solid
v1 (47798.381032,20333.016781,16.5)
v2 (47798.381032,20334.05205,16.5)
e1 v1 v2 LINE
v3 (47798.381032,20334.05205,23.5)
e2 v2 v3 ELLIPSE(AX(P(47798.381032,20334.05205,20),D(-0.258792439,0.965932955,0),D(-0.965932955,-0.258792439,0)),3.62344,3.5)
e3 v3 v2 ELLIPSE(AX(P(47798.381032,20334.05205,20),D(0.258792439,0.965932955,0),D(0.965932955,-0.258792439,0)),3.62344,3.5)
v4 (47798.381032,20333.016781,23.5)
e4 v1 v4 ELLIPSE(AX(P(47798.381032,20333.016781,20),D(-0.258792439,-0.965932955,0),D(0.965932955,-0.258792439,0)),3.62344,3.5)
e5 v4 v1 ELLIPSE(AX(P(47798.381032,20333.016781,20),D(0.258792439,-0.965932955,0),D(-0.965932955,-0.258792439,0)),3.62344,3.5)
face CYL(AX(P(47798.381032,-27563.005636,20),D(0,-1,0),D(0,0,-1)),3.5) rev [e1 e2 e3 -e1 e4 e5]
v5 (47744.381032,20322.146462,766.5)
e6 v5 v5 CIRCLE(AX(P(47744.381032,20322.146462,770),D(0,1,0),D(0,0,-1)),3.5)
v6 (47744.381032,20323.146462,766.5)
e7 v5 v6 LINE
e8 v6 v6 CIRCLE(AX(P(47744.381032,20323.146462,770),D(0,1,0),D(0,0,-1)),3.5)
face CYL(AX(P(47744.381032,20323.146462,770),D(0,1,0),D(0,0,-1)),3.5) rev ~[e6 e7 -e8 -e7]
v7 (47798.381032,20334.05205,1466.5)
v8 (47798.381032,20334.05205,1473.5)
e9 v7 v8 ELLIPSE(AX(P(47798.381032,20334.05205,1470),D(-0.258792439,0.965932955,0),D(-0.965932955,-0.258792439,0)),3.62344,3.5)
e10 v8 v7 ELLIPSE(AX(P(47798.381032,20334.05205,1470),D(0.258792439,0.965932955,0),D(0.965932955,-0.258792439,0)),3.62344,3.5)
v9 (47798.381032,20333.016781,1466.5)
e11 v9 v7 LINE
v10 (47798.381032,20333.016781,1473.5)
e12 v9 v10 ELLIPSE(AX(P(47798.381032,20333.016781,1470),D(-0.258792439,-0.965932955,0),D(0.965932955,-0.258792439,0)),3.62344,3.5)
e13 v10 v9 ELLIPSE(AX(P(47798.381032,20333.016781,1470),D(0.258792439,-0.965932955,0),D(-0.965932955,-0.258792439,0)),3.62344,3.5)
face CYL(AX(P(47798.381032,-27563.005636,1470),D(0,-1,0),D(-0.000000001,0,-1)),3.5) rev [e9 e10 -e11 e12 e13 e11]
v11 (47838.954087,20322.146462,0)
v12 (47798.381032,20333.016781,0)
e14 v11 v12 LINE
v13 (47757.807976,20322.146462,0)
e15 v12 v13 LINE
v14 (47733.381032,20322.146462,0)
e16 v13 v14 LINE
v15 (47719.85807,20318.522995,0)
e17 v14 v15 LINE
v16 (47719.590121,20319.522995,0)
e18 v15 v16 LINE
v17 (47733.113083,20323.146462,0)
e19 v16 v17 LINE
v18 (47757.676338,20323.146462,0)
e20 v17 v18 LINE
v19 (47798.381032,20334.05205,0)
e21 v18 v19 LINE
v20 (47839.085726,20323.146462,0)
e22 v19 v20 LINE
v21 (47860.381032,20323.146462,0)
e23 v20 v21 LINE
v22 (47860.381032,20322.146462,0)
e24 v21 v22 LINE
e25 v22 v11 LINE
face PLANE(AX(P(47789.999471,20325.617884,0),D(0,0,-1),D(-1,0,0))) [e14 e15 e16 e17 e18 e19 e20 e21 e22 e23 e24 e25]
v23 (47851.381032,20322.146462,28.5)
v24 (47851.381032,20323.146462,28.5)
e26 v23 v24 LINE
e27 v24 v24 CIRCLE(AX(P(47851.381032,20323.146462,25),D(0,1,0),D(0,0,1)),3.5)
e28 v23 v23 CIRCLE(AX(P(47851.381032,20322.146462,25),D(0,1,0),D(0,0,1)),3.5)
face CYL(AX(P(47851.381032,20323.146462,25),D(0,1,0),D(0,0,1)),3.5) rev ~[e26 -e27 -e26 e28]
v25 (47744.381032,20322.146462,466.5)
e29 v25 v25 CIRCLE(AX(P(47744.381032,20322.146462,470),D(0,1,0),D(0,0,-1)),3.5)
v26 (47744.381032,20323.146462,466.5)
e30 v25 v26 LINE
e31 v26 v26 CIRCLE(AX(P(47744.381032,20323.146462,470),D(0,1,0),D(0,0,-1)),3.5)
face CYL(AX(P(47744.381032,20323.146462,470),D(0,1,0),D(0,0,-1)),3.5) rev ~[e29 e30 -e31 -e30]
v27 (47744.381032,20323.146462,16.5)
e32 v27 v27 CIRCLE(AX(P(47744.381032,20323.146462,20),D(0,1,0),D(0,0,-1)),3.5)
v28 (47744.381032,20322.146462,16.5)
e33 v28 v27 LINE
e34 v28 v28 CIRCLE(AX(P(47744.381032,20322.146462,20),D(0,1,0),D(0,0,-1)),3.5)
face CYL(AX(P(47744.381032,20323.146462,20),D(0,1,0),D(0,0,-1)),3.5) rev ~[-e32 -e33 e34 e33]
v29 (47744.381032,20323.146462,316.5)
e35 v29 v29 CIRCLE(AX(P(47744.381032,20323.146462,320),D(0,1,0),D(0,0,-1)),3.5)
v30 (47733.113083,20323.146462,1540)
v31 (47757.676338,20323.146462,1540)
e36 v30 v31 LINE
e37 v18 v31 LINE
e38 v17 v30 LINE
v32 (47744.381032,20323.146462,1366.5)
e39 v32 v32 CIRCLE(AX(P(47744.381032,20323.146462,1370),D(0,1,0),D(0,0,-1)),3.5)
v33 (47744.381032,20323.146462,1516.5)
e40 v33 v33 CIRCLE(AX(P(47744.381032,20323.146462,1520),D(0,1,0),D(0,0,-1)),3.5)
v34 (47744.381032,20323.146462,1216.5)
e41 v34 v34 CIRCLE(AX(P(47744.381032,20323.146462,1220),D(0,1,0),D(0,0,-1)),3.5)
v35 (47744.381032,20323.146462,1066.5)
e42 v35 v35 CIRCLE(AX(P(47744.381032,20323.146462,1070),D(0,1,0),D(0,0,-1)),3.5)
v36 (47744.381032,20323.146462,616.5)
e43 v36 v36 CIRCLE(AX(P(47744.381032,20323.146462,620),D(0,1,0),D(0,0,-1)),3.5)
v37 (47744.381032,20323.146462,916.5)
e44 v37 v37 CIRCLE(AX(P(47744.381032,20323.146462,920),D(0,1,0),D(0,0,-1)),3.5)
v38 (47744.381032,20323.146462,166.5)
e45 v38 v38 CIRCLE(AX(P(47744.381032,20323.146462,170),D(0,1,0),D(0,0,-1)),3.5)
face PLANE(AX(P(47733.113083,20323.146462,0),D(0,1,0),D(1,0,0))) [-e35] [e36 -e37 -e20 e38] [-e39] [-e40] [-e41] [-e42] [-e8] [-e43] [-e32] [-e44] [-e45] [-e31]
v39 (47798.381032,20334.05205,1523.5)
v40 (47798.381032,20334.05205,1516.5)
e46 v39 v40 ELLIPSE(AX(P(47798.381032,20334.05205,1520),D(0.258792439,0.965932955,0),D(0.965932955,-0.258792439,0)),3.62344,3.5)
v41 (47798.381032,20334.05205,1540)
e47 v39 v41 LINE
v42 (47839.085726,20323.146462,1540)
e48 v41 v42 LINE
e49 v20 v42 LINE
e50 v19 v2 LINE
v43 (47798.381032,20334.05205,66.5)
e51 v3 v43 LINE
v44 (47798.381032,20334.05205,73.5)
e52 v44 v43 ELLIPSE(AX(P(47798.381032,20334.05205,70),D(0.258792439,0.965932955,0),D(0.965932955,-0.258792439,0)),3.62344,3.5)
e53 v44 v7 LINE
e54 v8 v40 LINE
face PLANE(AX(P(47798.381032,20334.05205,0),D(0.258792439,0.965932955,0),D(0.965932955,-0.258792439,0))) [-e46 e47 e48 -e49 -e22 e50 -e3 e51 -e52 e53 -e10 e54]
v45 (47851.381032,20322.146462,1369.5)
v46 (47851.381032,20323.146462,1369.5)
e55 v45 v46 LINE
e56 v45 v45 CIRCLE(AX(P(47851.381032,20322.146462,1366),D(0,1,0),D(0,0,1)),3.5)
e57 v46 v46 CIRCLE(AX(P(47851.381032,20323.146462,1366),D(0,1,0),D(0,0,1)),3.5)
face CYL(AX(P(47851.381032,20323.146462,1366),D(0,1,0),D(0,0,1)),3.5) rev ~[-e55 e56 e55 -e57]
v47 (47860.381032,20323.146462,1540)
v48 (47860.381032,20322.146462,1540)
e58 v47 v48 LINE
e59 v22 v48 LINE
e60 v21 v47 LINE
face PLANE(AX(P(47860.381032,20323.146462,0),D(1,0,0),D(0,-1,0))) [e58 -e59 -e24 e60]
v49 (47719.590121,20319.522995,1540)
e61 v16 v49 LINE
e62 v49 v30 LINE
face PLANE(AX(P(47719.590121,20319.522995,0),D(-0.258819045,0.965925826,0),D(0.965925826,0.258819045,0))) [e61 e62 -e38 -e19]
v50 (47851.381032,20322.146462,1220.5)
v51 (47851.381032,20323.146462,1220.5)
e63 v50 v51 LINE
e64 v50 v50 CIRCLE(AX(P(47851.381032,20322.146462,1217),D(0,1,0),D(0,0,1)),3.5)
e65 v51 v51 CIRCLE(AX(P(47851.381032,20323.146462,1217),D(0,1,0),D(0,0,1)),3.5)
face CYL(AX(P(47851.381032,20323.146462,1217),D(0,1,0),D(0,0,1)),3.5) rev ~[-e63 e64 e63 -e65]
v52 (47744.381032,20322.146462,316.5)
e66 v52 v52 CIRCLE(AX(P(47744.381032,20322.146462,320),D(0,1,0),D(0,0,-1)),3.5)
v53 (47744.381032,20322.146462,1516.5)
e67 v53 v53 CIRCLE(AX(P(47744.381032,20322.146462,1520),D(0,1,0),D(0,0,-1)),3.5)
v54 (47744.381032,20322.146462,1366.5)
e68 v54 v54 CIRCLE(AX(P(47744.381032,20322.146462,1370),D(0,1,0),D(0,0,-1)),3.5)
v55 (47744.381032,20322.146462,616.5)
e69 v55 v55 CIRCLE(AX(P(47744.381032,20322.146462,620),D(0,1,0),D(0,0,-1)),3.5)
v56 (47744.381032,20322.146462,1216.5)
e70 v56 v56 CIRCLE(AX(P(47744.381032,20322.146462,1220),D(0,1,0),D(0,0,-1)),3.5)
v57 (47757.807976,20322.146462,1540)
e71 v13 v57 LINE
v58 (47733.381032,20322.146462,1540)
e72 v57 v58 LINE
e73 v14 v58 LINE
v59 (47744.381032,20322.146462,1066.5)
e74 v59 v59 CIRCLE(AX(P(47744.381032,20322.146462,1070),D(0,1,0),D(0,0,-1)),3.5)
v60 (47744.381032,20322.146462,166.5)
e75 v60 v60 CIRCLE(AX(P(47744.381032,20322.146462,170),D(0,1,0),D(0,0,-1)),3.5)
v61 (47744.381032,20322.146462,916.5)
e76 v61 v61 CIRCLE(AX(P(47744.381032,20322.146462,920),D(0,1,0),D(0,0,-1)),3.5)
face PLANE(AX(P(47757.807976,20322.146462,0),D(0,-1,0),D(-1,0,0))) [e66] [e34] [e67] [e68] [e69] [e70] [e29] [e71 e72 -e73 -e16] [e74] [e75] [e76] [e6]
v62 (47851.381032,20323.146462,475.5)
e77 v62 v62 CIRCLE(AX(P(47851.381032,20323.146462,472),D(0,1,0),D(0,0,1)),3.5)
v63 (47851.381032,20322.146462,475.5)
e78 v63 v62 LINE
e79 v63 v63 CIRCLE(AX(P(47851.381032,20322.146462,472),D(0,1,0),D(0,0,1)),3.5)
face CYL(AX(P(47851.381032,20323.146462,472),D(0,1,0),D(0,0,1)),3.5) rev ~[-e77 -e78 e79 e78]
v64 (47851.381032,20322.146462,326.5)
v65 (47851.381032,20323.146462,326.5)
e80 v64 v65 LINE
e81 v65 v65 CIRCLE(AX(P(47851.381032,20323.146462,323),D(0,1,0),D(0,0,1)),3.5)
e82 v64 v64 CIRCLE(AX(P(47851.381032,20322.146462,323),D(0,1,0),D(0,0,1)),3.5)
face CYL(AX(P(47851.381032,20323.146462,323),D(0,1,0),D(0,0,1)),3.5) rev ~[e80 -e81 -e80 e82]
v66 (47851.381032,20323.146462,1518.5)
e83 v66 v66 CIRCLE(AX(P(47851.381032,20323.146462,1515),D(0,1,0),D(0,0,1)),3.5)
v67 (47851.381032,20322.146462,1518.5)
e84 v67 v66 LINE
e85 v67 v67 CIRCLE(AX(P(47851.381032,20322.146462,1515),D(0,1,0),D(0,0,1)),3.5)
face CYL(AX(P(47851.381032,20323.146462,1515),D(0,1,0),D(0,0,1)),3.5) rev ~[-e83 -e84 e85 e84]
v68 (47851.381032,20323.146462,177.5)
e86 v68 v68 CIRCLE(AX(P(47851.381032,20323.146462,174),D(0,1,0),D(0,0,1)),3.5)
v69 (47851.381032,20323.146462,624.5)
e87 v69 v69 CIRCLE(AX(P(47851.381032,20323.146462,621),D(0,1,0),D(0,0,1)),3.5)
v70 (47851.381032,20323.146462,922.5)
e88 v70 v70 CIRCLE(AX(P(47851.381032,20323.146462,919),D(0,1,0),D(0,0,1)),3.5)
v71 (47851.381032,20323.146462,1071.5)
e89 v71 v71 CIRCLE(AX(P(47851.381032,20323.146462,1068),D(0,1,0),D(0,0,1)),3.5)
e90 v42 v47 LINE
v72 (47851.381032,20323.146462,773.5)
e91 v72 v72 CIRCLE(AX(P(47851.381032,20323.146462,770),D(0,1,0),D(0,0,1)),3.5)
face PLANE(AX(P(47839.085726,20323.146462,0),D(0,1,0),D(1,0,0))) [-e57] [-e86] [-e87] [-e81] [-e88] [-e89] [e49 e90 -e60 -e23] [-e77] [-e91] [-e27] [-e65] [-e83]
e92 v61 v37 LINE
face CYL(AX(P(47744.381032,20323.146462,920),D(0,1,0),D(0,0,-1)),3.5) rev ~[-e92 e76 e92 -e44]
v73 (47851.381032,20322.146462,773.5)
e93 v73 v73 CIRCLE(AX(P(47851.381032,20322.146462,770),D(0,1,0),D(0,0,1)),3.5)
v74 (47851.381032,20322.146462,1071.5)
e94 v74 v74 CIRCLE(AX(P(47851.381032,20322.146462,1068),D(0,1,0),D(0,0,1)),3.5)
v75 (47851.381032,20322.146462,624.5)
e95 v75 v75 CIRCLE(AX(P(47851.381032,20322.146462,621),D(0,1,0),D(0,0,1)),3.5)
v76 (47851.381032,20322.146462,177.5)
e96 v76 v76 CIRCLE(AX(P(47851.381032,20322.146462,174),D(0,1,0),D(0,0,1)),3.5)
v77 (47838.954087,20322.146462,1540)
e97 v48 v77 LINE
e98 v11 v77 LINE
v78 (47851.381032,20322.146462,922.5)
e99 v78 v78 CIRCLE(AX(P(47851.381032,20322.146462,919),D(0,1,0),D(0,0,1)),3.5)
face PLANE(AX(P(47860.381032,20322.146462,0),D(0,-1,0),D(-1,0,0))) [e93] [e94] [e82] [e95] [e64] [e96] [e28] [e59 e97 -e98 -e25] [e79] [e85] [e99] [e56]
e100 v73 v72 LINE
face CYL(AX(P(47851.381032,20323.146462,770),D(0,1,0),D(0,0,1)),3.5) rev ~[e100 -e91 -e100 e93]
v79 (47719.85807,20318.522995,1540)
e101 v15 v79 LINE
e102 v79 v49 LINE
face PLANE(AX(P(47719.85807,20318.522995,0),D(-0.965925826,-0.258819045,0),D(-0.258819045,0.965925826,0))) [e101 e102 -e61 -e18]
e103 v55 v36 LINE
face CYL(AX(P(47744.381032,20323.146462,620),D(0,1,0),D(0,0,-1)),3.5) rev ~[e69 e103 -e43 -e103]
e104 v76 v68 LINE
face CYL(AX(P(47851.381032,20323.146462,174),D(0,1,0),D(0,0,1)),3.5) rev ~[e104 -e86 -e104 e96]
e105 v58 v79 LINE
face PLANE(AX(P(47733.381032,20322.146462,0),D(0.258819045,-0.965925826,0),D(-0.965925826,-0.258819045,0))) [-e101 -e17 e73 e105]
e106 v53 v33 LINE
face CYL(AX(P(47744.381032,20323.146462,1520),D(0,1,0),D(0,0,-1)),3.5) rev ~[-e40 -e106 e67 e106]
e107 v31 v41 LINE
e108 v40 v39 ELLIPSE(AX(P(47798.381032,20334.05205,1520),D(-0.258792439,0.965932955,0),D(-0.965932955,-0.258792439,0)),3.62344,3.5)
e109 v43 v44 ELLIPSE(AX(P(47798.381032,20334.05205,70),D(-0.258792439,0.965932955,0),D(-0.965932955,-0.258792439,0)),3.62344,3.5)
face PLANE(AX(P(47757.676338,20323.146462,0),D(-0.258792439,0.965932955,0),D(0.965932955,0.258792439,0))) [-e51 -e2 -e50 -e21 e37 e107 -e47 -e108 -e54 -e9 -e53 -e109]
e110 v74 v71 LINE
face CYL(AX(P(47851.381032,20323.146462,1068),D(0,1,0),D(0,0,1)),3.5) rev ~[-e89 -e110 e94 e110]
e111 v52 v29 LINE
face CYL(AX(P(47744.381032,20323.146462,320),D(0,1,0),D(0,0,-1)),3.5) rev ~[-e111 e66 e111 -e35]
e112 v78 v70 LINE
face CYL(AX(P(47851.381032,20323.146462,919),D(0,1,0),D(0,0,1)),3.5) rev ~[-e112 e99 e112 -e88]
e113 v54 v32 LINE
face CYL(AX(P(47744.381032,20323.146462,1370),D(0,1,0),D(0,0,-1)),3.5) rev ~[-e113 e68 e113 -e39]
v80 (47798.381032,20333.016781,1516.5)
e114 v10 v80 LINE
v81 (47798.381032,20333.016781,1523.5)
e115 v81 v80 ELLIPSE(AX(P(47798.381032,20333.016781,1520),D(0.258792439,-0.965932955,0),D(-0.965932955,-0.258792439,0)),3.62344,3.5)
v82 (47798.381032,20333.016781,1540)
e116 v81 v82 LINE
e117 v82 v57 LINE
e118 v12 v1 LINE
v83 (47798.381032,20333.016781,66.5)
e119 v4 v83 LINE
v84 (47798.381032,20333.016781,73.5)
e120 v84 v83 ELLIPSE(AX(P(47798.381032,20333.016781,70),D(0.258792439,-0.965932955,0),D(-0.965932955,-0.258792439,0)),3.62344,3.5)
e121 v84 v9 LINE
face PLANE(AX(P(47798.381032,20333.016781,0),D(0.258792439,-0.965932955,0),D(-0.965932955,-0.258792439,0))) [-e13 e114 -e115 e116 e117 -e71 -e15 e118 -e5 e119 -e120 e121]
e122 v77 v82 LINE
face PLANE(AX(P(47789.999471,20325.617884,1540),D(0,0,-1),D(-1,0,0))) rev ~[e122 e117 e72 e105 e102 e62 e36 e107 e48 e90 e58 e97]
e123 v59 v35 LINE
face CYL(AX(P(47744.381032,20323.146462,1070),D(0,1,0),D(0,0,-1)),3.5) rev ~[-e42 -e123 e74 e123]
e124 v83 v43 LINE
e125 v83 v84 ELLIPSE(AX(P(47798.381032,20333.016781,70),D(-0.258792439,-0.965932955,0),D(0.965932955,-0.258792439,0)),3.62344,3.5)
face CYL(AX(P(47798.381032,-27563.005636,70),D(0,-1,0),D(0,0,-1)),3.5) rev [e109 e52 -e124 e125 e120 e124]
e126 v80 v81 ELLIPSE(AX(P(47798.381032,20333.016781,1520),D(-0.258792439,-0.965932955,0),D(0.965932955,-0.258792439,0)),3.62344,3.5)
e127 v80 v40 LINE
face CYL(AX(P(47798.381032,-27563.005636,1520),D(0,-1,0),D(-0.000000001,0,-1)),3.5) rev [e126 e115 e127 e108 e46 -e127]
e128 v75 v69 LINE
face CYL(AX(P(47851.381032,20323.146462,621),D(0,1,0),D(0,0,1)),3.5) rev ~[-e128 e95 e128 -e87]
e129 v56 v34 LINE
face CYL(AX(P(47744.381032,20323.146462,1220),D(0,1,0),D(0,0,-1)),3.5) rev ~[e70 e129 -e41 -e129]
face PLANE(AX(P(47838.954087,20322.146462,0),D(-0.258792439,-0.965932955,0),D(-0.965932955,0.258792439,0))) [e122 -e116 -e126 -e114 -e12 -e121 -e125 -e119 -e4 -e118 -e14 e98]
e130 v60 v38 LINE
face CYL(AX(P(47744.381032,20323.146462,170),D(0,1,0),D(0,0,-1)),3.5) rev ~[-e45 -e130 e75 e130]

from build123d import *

# Parameters (mm, degrees)
BOSS_EXTRUDE1_DEPTH     = 1540
CUT_EXTRUDE1_DEPTH      = 47886.152097935
CUT_EXTRUDE1_DEPTH_BACK = 47886.152097935
SKETCH2_R               = 3.500000003
SKETCH2_R_2             = 3.5
SKETCH3_R               = 3.5
CUT_EXTRUDE2_DEPTH      = 47886.152097935
LPATTERN1_COUNT         = 11
LPATTERN1_PITCH         = 149
SKETCH4_R               = 3.500000003
CUT_EXTRUDE3_DEPTH      = 47886.152097935
LPATTERN2_COUNT         = 11
LPATTERN2_PITCH         = 150


with BuildPart() as part:
    # Sketch1 → Boss-Extrude1 (new body)
    with BuildSketch(Plane.XY):
        Polygon((47860.381031815, 20322.146461628), (47838.954087292, 20322.146461628), (47798.381031816, 20333.016781299), (47757.807976339, 20322.146461628), (47733.381031815, 20322.146461628), (47719.858070247, 20318.522994997), (47719.590121055, 20319.522994997), (47733.113082623, 20323.146461628), (47757.676337852, 20323.146461628), (47798.381031816, 20334.052049839), (47839.085725779, 20323.146461628), (47860.381031815, 20323.146461628), align=None)
    extrude(amount=BOSS_EXTRUDE1_DEPTH)

    # Sketch2 → Cut-Extrude1 (cut, two sides: drawn at the far end of the back side and taken through both)
    with BuildSketch(Plane(origin=(0, 20323.146461628, 0), x_dir=(1, 0, 0), z_dir=(0, 1, 0)).offset(-CUT_EXTRUDE1_DEPTH_BACK)):
        with Locations(Location((47798.381031816, -20, 0), (0, 0, 90))):
            Circle(SKETCH2_R)
        with Locations(Location((47798.381031816, -70, 0), (0, 0, 90))):
            Circle(SKETCH2_R)
        with Locations(Location((47798.381031818, -1470, 0), (0, 0, 90.000000047))):
            Circle(SKETCH2_R_2)
        with Locations(Location((47798.381031818, -1520, 0), (0, 0, 90.000000047))):
            Circle(SKETCH2_R_2)
    extrude(amount=CUT_EXTRUDE1_DEPTH + CUT_EXTRUDE1_DEPTH_BACK, mode=Mode.SUBTRACT)

    # Sketch3 → Cut-Extrude2 (cut, symmetric)
    with BuildSketch(Plane(origin=(0, 20323.146461628, 0), x_dir=(1, 0, 0), z_dir=(0, 1, 0))):
        with Locations(Location((47851.381031815, -25, 0), (0, 0, 270))):
            Circle(SKETCH3_R)
    cut_extrude2 = extrude(amount=CUT_EXTRUDE2_DEPTH, both=True, mode=Mode.SUBTRACT)

    # LPattern1: Cut-Extrude2 ×11
    with Locations(*[(0, 0, i * LPATTERN1_PITCH) for i in range(1, LPATTERN1_COUNT)]):
        add(cut_extrude2, mode=Mode.SUBTRACT)

    # Sketch4 → Cut-Extrude3 (cut, symmetric)
    with BuildSketch(Plane(origin=(0, 20323.146461628, 0), x_dir=(1, 0, 0), z_dir=(0, 1, 0))):
        with Locations(Location((47744.381031816, -1520, 0), (0, 0, 90))):
            Circle(SKETCH4_R)
    cut_extrude3 = extrude(amount=CUT_EXTRUDE3_DEPTH, both=True, mode=Mode.SUBTRACT)

    # LPattern2: Cut-Extrude3 ×11
    with Locations(*[(0, 0, -i * LPATTERN2_PITCH) for i in range(1, LPATTERN2_COUNT)]):
        add(cut_extrude3, mode=Mode.SUBTRACT)


solid = part.part
